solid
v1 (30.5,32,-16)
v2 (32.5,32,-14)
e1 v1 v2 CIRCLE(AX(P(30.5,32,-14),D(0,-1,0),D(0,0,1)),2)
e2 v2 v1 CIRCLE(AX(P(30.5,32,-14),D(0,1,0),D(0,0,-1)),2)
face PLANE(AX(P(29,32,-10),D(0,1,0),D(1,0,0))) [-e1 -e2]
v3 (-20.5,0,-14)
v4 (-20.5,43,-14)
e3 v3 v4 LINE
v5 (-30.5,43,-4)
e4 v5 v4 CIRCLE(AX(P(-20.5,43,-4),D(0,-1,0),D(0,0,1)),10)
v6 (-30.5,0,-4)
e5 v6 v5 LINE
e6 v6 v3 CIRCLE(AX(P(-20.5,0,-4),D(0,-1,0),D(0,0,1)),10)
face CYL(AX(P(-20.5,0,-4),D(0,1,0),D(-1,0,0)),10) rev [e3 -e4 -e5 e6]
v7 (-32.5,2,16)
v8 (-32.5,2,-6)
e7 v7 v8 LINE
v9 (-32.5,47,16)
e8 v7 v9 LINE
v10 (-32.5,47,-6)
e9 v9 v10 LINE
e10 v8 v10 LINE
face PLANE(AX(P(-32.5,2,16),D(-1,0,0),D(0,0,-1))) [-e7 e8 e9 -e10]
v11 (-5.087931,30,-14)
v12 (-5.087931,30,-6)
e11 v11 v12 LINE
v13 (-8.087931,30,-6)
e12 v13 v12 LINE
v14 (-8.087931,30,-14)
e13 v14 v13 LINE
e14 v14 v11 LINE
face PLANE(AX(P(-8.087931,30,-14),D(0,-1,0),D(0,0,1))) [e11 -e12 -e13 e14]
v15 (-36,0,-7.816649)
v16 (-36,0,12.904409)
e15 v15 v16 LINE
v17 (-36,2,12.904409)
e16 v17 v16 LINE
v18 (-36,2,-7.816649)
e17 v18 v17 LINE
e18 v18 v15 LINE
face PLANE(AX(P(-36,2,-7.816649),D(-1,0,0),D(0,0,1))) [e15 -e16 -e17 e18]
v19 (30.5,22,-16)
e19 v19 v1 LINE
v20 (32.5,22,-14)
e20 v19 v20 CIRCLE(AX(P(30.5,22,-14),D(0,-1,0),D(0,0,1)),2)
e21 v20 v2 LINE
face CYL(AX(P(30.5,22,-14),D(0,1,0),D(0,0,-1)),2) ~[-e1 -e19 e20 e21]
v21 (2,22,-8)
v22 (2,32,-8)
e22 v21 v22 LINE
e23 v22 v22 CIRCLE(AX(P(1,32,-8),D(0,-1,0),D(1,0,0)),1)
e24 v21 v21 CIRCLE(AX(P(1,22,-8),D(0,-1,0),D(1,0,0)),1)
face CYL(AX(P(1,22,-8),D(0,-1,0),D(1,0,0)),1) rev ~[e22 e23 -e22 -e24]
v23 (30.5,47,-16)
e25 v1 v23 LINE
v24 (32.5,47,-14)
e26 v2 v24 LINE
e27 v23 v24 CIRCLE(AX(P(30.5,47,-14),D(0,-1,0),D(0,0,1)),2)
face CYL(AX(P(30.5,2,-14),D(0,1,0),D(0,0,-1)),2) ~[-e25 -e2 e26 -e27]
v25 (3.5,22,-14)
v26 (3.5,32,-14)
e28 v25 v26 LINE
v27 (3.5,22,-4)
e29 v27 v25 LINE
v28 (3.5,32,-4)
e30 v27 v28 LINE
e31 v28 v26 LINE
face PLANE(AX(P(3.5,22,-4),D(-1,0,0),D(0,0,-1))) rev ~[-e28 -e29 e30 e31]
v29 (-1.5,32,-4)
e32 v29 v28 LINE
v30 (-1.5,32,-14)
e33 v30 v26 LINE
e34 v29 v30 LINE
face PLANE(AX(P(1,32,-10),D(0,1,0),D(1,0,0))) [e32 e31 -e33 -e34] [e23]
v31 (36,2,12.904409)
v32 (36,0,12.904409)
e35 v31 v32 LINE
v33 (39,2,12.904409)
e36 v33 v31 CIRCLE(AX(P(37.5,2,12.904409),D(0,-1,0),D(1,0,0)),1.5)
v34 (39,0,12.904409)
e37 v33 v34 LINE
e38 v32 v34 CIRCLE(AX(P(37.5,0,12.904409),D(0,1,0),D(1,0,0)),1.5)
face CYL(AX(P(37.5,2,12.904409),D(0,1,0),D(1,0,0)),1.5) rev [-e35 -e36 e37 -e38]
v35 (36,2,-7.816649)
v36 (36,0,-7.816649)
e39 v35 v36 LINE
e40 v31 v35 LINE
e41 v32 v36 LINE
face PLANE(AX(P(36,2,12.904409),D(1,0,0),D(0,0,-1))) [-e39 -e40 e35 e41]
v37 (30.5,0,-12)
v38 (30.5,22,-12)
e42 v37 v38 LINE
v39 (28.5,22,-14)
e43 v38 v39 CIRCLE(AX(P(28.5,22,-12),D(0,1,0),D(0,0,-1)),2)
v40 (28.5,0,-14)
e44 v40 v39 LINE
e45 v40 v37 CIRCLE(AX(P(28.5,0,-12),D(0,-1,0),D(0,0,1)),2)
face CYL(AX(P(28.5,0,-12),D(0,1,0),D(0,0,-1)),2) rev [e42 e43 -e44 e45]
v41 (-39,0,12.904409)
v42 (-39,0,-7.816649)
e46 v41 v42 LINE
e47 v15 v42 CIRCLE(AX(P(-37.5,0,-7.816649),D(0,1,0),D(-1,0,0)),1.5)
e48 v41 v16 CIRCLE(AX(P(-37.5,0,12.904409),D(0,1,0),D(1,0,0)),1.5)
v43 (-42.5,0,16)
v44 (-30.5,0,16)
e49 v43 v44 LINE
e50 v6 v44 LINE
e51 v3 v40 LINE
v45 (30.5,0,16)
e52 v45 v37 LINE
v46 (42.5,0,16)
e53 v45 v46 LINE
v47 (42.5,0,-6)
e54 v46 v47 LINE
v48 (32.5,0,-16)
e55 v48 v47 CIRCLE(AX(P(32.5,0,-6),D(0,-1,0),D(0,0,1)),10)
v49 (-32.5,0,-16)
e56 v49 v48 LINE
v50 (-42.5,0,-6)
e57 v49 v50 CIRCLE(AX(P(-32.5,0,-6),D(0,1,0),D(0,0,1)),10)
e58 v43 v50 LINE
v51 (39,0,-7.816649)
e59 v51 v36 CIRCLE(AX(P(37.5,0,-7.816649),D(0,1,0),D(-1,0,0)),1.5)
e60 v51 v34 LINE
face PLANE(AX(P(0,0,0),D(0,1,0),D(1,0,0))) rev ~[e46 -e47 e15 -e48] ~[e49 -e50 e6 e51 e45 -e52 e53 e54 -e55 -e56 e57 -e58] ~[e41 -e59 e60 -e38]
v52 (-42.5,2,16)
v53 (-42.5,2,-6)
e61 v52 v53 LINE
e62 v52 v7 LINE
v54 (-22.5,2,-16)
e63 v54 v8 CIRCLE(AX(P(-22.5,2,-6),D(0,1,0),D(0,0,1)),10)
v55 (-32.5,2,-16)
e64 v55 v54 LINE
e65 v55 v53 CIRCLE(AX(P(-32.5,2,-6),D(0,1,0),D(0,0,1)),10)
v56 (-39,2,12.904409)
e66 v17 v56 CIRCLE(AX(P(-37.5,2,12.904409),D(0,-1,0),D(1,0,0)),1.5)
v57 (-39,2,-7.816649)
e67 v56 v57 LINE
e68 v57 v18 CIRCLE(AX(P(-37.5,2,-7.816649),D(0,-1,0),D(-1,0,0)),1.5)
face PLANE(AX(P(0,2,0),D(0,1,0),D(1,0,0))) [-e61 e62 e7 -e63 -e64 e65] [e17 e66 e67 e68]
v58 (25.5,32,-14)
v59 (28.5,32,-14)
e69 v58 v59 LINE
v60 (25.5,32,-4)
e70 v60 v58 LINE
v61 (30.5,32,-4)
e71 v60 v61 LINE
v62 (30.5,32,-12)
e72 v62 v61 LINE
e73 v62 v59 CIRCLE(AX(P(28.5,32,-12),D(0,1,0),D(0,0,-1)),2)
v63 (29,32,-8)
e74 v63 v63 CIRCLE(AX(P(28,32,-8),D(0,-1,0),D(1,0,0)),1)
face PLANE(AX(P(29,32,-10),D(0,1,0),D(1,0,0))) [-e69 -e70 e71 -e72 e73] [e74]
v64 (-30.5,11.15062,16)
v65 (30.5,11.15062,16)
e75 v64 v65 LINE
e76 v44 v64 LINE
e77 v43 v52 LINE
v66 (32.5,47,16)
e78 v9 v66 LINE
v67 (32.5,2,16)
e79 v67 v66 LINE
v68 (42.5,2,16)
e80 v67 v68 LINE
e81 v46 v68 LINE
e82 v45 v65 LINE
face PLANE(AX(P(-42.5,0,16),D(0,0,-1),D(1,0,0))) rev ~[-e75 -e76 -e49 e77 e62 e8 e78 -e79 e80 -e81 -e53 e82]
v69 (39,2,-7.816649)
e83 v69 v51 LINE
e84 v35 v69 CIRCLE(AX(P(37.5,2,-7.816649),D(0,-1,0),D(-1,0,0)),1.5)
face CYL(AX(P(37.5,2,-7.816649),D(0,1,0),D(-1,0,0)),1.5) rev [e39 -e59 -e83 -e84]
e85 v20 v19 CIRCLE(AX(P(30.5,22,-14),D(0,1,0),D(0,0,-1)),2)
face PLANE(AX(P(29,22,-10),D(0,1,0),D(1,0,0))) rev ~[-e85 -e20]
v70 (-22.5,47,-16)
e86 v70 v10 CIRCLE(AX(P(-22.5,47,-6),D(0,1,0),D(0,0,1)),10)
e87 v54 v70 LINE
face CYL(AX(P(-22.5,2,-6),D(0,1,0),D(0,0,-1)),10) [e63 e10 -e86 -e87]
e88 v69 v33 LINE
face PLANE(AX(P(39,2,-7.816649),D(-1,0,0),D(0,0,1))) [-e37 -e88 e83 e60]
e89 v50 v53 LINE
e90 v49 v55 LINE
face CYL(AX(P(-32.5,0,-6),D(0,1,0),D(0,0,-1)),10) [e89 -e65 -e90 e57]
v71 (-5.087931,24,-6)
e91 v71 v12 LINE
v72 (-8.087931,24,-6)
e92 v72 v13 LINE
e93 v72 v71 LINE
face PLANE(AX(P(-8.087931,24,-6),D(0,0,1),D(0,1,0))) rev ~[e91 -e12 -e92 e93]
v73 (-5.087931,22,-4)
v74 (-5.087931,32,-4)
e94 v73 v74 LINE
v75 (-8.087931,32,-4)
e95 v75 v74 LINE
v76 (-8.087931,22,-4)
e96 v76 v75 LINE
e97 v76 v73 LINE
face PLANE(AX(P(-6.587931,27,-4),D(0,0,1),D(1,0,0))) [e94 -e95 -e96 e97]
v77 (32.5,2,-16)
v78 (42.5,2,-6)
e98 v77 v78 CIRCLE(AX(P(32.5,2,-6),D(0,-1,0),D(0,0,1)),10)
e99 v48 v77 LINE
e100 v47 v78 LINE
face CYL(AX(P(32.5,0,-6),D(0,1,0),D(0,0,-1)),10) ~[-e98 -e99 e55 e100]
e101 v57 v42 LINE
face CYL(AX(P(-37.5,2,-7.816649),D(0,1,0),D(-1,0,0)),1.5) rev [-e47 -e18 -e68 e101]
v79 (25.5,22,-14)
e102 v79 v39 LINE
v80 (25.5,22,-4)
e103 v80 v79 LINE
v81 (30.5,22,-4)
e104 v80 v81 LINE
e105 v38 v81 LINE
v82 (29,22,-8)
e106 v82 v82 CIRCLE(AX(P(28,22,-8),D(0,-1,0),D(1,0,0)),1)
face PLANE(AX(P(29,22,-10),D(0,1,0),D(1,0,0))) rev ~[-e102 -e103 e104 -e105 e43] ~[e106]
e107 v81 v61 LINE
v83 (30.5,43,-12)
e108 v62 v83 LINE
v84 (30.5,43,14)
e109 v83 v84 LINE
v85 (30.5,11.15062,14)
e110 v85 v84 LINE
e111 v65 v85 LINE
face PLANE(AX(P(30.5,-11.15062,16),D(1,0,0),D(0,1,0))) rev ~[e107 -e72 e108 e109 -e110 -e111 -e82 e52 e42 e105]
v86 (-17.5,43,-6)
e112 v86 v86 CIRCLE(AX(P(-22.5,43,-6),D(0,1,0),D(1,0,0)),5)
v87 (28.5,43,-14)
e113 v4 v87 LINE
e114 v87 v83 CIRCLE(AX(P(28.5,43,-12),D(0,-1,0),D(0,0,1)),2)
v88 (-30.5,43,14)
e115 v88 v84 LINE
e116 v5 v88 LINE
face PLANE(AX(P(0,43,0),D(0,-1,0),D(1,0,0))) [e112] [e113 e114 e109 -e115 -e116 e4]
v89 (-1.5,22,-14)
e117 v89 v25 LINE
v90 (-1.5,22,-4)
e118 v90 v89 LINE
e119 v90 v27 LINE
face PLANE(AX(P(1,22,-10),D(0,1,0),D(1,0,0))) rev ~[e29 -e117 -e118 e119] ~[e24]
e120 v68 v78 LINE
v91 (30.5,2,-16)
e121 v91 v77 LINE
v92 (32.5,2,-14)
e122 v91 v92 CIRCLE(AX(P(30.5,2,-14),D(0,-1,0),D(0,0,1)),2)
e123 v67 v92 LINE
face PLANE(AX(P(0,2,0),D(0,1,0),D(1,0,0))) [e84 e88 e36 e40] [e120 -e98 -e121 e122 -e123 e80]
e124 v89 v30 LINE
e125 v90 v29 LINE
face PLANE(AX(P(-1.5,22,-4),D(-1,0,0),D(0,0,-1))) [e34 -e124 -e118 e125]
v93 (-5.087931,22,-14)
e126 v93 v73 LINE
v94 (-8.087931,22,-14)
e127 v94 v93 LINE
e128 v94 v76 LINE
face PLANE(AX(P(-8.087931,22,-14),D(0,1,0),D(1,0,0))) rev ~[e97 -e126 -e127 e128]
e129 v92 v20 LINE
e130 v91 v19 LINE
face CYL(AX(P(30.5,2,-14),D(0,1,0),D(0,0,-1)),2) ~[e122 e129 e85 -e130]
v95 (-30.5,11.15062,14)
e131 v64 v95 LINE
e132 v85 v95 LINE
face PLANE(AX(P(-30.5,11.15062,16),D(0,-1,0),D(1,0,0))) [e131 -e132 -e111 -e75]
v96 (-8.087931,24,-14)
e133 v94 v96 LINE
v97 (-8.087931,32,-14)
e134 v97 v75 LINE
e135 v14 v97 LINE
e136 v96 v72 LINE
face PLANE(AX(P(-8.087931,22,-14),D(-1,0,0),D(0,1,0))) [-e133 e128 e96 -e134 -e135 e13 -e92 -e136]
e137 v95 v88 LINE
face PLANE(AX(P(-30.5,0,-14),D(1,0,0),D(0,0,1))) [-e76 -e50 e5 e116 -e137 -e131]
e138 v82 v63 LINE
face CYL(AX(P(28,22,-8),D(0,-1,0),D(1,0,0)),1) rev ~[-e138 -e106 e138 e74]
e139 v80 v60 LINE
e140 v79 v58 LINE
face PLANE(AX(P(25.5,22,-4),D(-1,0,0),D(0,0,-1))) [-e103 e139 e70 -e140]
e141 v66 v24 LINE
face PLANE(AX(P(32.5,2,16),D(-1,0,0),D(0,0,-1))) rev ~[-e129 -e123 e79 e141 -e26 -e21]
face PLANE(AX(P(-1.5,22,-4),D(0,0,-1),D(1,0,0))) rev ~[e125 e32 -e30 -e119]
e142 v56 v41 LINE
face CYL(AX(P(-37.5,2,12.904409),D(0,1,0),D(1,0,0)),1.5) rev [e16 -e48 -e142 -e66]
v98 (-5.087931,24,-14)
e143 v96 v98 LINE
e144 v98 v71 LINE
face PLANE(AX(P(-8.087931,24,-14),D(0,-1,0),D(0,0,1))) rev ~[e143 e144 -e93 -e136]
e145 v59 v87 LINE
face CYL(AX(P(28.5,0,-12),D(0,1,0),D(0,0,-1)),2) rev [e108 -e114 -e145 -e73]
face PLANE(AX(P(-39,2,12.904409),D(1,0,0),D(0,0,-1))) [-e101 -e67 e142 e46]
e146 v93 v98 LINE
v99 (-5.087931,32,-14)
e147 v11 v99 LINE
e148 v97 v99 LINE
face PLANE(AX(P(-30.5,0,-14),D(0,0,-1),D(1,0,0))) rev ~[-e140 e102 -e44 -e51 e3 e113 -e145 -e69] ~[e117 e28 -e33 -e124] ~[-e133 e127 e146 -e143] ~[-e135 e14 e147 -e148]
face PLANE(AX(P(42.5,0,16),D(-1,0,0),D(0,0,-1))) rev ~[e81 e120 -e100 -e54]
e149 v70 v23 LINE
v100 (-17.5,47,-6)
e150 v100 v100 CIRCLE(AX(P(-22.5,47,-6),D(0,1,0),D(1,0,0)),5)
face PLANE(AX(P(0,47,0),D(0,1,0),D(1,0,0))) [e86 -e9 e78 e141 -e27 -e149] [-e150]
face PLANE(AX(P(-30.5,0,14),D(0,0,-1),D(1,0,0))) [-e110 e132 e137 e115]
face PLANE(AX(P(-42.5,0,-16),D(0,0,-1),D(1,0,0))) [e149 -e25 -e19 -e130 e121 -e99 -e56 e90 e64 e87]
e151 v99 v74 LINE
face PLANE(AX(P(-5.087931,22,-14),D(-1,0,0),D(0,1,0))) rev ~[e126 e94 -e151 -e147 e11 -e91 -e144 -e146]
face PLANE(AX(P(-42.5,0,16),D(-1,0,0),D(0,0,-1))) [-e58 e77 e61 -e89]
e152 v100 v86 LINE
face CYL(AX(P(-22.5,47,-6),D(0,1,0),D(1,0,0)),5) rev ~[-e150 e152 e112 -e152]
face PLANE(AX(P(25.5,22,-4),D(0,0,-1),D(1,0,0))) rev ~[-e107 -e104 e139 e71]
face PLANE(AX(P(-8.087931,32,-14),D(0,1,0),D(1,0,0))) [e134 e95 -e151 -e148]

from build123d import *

# Parameters (mm, degrees)
SKETCH2_W           = 85
SKETCH2_H           = 32
BOSS_EXTRUDE1_DEPTH = 2
SKETCH3_W           = 65
SKETCH3_H           = 32
BOSS_EXTRUDE2_DEPTH = 45
SKETCH4_W           = 61
SKETCH4_H           = 28
CUT_EXTRUDE1_DEPTH  = 43
FILLET1_R           = 10
FILLET2_R           = 2
FILLET3_R           = 10
FILLET4_R           = 10
FILLET5_R           = 10
FILLET6_R           = 2
SKETCH5_W           = 61
SKETCH5_H           = 22.301239178
CUT_EXTRUDE2_DEPTH  = 10
CUT_EXTRUDE3_DEPTH  = 10
SKETCH7_R           = 5
CUT_EXTRUDE4_DEPTH  = 10
SKETCH8_W           = 5
SKETCH8_H           = 12
SKETCH8_W_2         = 7
BOSS_EXTRUDE3_DEPTH = 10
FILLET8_R           = 2
SKETCH9_R           = 1
CUT_EXTRUDE5_DEPTH  = 10
SKETCH10_W          = 3
SKETCH10_H          = 10
BOSS_EXTRUDE4_DEPTH = 10
SKETCH11_W          = 8
SKETCH11_H          = 6
CUT_EXTRUDE6_DEPTH  = 5


with BuildPart() as part:
    # Sketch2 → Boss-Extrude1 (new body)
    with BuildSketch(Plane(origin=(0, 0, 0), x_dir=(1, 0, 0), z_dir=(0, 1, 0))):
        Rectangle(SKETCH2_W, SKETCH2_H)
    extrude(amount=BOSS_EXTRUDE1_DEPTH)

    # Sketch3 → Boss-Extrude2 (add)
    with BuildSketch(Plane(origin=(0, 2, 0), x_dir=(1, 0, 0), z_dir=(0, 1, 0))):
        Rectangle(SKETCH3_W, SKETCH3_H)
    extrude(amount=BOSS_EXTRUDE2_DEPTH)

    # Sketch4 → Cut-Extrude1 (cut)
    with BuildSketch(Plane.XZ):
        Rectangle(SKETCH4_W, SKETCH4_H)
    extrude(amount=-CUT_EXTRUDE1_DEPTH, mode=Mode.SUBTRACT)

    # Fillet1
    fillet1_edges = [part.edges().sort_by_distance(p)[0] for p in [
        (-32.5, 24.5, -16),
    ]]
    fillet(fillet1_edges, radius=FILLET1_R)

    # Fillet2
    fillet2_edges = [part.edges().sort_by_distance(p)[0] for p in [
        (32.5, 24.5, -16),
    ]]
    fillet(fillet2_edges, radius=FILLET2_R)

    # Fillet3
    fillet3_edges = [part.edges().sort_by_distance(p)[0] for p in [
        (-42.5, 1, -16),
    ]]
    fillet(fillet3_edges, radius=FILLET3_R)

    # Fillet4
    fillet4_edges = [part.edges().sort_by_distance(p)[0] for p in [
        (42.5, 1, -16),
    ]]
    fillet(fillet4_edges, radius=FILLET4_R)

    # Fillet5
    fillet5_edges = [part.edges().sort_by_distance(p)[0] for p in [
        (-30.5, 21.5, -14),
    ]]
    fillet(fillet5_edges, radius=FILLET5_R)

    # Fillet6
    fillet6_edges = [part.edges().sort_by_distance(p)[0] for p in [
        (30.5, 21.5, -14),
    ]]
    fillet(fillet6_edges, radius=FILLET6_R)

    # Sketch5 → Cut-Extrude2 (cut)
    with BuildSketch(Plane.XY.offset(16)):
        Rectangle(SKETCH5_W, SKETCH5_H)
    extrude(amount=-CUT_EXTRUDE2_DEPTH, mode=Mode.SUBTRACT)

    # Sketch6 → Cut-Extrude3 (cut)
    with BuildSketch(Plane(origin=(0, 2, 0), x_dir=(1, 0, 0), z_dir=(0, 1, 0))):
        with BuildLine():
            Line((39, 7.816649024), (39, -12.904408744))
            ThreePointArc((39, -12.904408744), (37.5, -14.404408744), (36, -12.904408744))
            Line((36, -12.904408744), (36, 7.816649024))
            ThreePointArc((36, 7.816649024), (37.5, 9.316649024), (39, 7.816649024))
        make_face()
        with BuildLine():
            Line((-36, 7.816649024), (-36, -12.904408744))
            ThreePointArc((-36, -12.904408744), (-37.5, -14.404408744), (-39, -12.904408744))
            Line((-39, -12.904408744), (-39, 7.816649024))
            ThreePointArc((-39, 7.816649024), (-37.5, 9.316649024), (-36, 7.816649024))
        make_face()
    extrude(amount=-CUT_EXTRUDE3_DEPTH, mode=Mode.SUBTRACT)

    # Sketch7 → Cut-Extrude4 (cut)
    with BuildSketch(Plane(origin=(0, 47, 0), x_dir=(1, 0, 0), z_dir=(0, 1, 0))):
        with Locations((-22.5, 6)):
            Circle(SKETCH7_R)
    extrude(amount=-CUT_EXTRUDE4_DEPTH, mode=Mode.SUBTRACT)

    # Sketch8 → Boss-Extrude3 (add)
    with BuildSketch(Plane(origin=(0, 22, 0), x_dir=(1, 0, 0), z_dir=(0, 1, 0))):
        with Locations((1, 10)):
            Rectangle(SKETCH8_W, SKETCH8_H)
        with Locations((29, 10)):
            Rectangle(SKETCH8_W_2, SKETCH8_H)
    extrude(amount=BOSS_EXTRUDE3_DEPTH)

    # Fillet8
    fillet8_edges = [part.edges().sort_by_distance(p)[0] for p in [
        (32.5, 27, -16),
    ]]
    fillet(fillet8_edges, radius=FILLET8_R)

    # Sketch9 → Cut-Extrude5 (cut)
    with BuildSketch(Plane.XZ.offset(-22)):
        with Locations((1, -8)):
            Circle(SKETCH9_R)
        with Locations((28, -8)):
            Circle(SKETCH9_R)
    extrude(amount=-CUT_EXTRUDE5_DEPTH, mode=Mode.SUBTRACT)

    # Sketch10 → Boss-Extrude4 (add)
    with BuildSketch(Plane.XY.offset(-14)):
        with Locations((-6.587930701, 27)):
            Rectangle(SKETCH10_W, SKETCH10_H)
    extrude(amount=BOSS_EXTRUDE4_DEPTH)

    # Sketch11 → Cut-Extrude6 (cut)
    with BuildSketch(Plane.ZY.offset(8.087930701)):
        with Locations((-10, 27)):
            Rectangle(SKETCH11_W, SKETCH11_H)
    extrude(amount=-CUT_EXTRUDE6_DEPTH, mode=Mode.SUBTRACT)


solid = part.part
